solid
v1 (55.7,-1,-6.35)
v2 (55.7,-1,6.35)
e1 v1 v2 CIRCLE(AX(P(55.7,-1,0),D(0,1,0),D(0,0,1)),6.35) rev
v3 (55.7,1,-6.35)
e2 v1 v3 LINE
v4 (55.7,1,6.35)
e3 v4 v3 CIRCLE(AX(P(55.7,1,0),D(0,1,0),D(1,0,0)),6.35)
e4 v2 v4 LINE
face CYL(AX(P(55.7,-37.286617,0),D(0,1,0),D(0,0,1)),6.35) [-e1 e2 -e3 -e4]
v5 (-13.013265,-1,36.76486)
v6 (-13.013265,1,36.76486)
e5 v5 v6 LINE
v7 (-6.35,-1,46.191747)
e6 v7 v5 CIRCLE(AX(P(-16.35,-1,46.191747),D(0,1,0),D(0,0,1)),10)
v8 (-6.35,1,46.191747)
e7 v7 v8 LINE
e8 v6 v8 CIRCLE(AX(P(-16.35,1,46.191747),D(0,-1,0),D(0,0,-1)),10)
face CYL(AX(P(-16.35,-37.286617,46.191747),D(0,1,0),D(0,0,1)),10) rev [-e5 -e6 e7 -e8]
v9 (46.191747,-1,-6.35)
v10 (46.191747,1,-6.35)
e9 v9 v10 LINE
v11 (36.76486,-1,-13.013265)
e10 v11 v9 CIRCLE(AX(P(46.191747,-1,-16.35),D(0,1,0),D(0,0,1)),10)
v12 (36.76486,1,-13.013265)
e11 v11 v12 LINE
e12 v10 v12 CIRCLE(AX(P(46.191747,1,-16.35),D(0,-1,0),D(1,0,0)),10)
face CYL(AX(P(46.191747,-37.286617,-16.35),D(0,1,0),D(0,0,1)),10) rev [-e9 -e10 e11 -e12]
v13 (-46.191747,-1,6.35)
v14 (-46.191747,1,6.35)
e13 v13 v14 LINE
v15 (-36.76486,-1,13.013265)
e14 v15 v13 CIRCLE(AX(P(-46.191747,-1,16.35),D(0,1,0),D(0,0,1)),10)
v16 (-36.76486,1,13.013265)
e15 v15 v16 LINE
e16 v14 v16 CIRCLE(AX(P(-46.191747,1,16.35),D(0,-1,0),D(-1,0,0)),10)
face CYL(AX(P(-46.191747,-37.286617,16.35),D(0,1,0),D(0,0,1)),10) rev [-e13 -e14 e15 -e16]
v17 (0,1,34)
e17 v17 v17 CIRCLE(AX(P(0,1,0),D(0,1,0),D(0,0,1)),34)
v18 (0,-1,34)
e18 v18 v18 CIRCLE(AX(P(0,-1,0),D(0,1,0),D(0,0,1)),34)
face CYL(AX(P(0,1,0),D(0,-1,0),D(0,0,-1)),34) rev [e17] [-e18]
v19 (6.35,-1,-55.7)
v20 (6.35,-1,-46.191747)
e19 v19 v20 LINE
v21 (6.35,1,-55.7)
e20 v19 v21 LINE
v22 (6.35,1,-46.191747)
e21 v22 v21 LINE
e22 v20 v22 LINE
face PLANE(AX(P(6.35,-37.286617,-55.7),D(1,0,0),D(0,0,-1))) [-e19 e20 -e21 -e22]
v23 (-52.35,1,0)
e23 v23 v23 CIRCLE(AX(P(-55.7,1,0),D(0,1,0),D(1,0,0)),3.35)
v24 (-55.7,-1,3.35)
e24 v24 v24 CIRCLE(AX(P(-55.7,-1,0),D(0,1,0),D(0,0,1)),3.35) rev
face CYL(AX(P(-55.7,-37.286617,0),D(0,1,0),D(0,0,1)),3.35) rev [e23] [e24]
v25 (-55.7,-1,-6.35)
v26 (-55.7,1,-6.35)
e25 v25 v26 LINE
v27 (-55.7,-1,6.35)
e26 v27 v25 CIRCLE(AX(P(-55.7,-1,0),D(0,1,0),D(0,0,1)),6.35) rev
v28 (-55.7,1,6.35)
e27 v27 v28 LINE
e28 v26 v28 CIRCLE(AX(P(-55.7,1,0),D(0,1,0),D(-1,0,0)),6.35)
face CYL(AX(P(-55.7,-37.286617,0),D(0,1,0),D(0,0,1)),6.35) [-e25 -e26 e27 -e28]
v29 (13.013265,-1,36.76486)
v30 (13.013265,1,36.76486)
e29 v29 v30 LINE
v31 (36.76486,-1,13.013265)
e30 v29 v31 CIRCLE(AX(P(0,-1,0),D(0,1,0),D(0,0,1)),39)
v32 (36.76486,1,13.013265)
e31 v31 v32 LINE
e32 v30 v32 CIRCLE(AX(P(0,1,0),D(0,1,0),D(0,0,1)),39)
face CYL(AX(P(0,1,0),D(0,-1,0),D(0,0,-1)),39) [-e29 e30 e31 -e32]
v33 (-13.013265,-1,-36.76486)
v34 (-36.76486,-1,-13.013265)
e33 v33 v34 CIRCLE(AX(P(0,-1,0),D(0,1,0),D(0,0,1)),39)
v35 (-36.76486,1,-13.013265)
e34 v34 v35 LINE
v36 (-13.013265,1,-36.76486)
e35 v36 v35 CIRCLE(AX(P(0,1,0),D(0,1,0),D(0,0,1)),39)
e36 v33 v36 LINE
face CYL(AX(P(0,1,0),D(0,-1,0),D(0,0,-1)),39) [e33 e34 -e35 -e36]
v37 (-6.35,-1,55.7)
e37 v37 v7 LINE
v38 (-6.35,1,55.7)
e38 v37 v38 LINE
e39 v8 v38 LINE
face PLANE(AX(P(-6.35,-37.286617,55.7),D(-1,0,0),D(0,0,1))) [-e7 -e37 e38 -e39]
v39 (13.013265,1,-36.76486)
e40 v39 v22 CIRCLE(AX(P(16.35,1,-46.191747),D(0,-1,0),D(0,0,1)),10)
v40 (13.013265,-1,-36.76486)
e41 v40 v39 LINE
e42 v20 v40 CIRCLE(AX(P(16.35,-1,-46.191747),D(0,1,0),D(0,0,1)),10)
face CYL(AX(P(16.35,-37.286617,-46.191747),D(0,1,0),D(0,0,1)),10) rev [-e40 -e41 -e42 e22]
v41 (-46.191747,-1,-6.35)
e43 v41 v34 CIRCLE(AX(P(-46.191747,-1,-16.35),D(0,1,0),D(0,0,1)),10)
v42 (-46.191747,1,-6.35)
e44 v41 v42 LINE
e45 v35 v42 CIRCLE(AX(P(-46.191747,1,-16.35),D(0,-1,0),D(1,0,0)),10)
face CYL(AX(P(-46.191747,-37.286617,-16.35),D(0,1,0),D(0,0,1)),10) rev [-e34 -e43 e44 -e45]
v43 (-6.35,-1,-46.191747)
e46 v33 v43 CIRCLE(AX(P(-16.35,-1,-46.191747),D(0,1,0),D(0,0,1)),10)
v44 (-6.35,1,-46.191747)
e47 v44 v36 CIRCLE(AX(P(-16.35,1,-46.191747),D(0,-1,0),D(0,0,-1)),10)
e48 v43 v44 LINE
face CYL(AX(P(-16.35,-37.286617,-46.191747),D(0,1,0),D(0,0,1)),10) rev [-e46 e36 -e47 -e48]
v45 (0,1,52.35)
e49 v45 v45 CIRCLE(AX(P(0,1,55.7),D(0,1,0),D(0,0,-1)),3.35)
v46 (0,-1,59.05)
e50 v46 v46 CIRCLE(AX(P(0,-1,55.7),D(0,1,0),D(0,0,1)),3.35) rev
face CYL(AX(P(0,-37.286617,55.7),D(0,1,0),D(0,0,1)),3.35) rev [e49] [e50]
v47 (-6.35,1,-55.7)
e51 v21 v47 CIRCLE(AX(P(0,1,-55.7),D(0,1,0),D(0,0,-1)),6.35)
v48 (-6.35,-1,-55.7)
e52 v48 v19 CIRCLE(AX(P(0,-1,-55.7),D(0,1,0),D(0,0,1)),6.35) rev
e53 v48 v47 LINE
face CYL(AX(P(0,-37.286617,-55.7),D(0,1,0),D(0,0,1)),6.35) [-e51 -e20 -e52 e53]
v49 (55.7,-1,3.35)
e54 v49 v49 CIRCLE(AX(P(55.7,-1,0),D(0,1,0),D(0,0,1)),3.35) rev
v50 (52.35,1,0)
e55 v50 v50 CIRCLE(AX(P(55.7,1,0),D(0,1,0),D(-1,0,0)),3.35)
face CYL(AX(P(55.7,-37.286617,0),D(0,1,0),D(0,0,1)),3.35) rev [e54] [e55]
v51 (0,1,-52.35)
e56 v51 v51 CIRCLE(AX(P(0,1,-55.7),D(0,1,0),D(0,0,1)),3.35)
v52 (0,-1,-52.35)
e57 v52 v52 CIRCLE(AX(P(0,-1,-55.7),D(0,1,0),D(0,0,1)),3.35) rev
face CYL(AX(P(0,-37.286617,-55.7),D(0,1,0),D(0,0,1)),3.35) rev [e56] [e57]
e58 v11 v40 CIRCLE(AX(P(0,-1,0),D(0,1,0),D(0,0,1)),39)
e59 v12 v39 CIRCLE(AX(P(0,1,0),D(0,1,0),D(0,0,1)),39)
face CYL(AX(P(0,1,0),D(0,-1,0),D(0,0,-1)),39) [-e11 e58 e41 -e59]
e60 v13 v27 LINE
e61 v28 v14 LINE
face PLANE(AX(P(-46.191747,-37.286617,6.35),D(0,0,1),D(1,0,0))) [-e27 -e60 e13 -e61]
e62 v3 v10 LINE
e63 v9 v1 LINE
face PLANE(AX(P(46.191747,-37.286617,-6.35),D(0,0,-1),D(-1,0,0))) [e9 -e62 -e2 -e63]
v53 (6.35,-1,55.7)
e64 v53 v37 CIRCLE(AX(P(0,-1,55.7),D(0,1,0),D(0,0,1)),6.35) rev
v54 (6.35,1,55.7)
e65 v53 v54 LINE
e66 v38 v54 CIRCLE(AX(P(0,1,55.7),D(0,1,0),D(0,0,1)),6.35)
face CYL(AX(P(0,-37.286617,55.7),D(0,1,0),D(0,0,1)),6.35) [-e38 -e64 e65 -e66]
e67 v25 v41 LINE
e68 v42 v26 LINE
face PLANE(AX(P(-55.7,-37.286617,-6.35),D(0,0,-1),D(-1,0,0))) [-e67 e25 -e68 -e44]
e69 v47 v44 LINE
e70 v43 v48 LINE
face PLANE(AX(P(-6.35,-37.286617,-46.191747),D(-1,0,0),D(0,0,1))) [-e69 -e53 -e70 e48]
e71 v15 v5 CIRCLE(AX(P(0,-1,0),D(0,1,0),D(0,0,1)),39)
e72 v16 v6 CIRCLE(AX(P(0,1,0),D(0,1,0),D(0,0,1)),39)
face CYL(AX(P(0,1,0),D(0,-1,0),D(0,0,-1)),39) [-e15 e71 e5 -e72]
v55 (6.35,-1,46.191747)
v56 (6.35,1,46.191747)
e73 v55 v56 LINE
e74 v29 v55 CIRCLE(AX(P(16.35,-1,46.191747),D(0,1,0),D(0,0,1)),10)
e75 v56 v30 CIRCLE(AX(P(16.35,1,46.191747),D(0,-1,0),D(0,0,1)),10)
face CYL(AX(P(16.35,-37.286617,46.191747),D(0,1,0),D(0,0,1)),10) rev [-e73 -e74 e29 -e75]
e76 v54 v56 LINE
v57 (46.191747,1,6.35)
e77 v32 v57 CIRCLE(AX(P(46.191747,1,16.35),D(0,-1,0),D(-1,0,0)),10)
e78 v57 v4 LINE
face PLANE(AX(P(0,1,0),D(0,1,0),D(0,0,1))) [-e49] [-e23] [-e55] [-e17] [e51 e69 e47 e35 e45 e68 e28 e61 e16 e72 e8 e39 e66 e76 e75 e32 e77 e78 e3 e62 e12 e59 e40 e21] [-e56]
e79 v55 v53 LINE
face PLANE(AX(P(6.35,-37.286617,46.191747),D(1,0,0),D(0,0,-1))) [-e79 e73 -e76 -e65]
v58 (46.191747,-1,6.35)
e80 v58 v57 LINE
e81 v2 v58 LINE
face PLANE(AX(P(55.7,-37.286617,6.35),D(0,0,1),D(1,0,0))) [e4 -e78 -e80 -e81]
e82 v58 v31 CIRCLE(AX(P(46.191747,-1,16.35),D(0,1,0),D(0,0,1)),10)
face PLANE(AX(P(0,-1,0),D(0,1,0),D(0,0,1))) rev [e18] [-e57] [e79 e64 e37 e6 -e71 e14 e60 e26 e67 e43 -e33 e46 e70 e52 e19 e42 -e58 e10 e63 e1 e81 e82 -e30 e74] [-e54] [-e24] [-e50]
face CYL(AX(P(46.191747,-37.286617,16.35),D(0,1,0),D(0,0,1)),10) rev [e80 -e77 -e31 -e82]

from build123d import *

# Parameters (mm, degrees)
SKETCH1_R           = 39
SKETCH1_R_2         = 34
BOSS_EXTRUDE1_DEPTH = 1
SKETCH2_R           = 3.35
BOSS_EXTRUDE2_DEPTH = 2
CIRPATTERN1_COUNT   = 4


with BuildPart() as part:
    # Sketch1 → Boss-Extrude1 (new, symmetric)
    with BuildSketch(Plane(origin=(0, 0, 0), x_dir=(1, 0, 0), z_dir=(0, 1, 0))):
        with Locations(Location((0, 0, 0), (0, 0, 270))):
            Circle(SKETCH1_R)
        with Locations(Location((0, 0, 0), (0, 0, 270))):
            Circle(SKETCH1_R_2, mode=Mode.SUBTRACT)
    extrude(amount=BOSS_EXTRUDE1_DEPTH, both=True)

    # Sketch2 → Boss-Extrude2 (add)
    with BuildSketch(Plane(origin=(0, 1, 0), x_dir=(1, 0, 0), z_dir=(0, 1, 0))):
        with BuildLine():
            Line((-6.35, 46.191747098), (-6.35, 55.7))
            ThreePointArc((-6.35, 55.7), (0, 62.05), (6.35, 55.7))
            Line((6.35, 55.7), (6.35, 46.191747098))
            ThreePointArc((6.35, 46.191747098), (8.183992807, 40.419717427), (13.013265306, 36.764859935))
            ThreePointArc((13.013265306, 36.764859935), (0, 39), (-13.013265306, 36.764859935))
            ThreePointArc((-13.013265306, 36.764859935), (-8.183992807, 40.419717427), (-6.35, 46.191747098))
        make_face()
        with Locations(Location((0, 55.7, 0), (0, 0, 270))):
            Circle(SKETCH2_R, mode=Mode.SUBTRACT)
    boss_extrude2 = extrude(amount=-BOSS_EXTRUDE2_DEPTH)

    # CirPattern1: Boss-Extrude2 ×4 about axis
    cirpattern1_axis = Axis((0, 0, 0), (0, 1, 0))
    for i in range(1, CIRPATTERN1_COUNT):
        add(boss_extrude2.rotate(cirpattern1_axis, i * 360 / CIRPATTERN1_COUNT))


solid = part.part
